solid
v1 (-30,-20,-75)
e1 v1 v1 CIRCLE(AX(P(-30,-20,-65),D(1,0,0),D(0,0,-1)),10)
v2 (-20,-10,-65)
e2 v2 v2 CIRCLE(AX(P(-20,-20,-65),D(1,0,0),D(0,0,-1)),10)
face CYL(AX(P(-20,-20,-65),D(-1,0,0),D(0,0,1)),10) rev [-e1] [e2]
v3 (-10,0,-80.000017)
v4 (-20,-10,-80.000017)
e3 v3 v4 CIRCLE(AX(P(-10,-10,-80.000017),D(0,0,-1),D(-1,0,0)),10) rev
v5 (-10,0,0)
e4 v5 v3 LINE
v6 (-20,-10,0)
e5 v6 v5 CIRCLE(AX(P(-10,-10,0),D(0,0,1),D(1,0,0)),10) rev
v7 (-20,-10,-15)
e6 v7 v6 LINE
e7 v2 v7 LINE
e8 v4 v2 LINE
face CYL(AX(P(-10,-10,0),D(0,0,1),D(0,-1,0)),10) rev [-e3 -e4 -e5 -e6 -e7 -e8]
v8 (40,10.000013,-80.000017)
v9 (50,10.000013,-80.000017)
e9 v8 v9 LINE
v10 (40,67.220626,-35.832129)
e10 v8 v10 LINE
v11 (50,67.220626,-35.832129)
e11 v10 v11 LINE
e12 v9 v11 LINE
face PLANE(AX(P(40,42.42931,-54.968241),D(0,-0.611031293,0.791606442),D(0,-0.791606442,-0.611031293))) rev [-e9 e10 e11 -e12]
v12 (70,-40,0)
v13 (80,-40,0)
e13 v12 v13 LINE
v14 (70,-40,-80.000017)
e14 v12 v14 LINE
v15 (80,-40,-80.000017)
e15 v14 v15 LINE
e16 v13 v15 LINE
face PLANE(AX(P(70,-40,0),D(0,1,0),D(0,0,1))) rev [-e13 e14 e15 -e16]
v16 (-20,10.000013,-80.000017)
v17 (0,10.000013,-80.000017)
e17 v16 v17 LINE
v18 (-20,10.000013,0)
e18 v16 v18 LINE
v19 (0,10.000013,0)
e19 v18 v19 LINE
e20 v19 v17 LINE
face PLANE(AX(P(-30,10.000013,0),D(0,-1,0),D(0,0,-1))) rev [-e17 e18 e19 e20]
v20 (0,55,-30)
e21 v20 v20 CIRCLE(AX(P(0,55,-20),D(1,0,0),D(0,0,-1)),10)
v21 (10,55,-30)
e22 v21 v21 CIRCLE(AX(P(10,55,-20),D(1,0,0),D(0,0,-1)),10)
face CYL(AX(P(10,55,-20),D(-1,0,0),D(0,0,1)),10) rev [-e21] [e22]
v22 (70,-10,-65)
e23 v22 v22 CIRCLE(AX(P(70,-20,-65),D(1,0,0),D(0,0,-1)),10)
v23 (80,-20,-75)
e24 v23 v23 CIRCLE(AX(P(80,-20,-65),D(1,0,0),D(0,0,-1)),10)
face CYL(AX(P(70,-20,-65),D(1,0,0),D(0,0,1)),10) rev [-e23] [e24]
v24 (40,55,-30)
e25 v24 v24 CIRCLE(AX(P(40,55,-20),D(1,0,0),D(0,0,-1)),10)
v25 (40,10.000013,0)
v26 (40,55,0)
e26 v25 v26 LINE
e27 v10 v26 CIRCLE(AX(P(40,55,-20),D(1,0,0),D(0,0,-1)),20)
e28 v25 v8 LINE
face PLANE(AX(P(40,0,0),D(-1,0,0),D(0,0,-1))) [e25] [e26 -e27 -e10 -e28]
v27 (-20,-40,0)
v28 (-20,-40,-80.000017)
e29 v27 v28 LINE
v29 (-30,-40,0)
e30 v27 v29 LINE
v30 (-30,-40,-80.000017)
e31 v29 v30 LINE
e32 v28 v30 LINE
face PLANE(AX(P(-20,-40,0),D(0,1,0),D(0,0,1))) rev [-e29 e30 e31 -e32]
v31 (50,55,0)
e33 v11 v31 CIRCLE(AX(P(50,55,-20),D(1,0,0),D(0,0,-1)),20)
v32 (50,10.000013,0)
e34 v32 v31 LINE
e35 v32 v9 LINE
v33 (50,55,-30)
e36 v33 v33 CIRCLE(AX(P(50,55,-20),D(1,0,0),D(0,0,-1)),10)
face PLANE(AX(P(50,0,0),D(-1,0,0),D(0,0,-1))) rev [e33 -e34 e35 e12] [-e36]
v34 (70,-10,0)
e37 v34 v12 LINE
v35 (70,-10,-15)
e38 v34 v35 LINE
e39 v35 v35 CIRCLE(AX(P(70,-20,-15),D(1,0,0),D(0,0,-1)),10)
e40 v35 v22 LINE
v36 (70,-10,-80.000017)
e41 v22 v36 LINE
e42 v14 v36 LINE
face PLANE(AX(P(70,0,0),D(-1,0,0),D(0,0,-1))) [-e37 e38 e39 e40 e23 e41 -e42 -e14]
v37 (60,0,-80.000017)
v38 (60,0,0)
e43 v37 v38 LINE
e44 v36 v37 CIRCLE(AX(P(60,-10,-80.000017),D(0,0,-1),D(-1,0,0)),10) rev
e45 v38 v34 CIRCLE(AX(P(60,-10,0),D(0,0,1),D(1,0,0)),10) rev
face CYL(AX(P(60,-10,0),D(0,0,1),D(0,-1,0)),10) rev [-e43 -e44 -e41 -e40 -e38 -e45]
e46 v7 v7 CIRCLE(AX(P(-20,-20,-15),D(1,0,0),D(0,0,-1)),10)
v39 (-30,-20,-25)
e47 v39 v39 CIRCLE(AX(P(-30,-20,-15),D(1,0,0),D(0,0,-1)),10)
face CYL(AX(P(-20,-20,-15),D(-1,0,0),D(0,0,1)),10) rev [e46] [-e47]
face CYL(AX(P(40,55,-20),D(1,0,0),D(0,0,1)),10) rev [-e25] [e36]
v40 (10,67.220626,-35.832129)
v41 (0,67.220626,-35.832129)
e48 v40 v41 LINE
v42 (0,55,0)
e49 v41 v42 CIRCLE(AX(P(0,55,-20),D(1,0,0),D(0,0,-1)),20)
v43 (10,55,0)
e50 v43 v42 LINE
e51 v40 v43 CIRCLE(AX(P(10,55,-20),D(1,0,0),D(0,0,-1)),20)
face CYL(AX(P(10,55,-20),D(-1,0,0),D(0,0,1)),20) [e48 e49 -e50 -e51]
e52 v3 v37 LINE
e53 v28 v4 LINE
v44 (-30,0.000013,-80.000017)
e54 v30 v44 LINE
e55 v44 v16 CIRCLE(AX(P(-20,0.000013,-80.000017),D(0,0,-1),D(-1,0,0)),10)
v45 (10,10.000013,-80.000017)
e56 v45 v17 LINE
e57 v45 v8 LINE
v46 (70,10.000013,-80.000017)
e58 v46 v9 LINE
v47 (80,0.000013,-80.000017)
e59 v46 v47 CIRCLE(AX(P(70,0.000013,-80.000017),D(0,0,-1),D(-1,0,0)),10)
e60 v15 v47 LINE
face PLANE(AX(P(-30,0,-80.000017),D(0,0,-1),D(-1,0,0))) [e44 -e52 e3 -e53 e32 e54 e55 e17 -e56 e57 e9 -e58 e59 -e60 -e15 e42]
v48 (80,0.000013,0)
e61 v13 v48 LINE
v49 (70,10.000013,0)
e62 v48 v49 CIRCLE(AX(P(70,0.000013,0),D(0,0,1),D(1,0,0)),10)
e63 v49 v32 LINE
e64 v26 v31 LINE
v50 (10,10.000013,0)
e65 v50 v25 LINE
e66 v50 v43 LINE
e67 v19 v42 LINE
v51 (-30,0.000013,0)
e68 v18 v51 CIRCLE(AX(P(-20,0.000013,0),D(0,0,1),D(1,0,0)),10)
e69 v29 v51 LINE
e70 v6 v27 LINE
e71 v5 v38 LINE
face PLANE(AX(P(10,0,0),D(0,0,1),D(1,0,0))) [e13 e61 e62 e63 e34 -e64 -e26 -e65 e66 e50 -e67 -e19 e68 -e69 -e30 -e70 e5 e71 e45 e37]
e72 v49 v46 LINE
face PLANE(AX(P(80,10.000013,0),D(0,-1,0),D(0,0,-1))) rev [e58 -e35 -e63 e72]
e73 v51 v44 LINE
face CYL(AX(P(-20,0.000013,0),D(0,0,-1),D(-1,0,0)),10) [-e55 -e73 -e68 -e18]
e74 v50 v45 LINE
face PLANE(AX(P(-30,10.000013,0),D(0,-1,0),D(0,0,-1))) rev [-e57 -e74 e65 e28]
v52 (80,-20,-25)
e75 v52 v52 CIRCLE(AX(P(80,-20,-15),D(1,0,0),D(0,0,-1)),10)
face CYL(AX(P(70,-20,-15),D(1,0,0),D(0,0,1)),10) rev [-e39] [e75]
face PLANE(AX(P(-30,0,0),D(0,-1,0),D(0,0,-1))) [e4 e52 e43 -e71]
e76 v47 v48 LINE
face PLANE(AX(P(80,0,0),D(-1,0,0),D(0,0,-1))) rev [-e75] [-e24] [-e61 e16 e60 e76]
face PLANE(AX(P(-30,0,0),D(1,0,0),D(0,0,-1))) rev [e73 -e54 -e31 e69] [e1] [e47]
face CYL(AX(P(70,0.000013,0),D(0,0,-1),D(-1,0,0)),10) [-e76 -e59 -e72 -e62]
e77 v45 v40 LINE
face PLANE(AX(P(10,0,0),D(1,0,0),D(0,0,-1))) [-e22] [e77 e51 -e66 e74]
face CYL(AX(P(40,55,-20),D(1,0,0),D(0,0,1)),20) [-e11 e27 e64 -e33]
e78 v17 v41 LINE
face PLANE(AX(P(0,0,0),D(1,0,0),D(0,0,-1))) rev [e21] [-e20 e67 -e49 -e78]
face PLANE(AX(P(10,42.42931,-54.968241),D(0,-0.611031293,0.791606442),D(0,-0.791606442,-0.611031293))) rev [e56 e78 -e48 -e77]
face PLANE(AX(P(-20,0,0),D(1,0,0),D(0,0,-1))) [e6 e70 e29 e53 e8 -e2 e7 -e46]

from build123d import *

# Parameters (mm, degrees)
SKETCH1_R                = 10
BOSS_EXTRUDE1_DEPTH      = 10
BOSS_EXTRUDE2_DEPTH      = 25
BOSS_EXTRUDE2_DEPTH_BACK = 30
SKETCH1_4_W              = 80.000017133
SKETCH1_4_H              = 10.000013225
BOSS_EXTRUDE3_START      = -30
SKETCH1_5_W              = 80.000017133
SKETCH1_5_H              = 40
SKETCH1_5_R              = 10
BOSS_EXTRUDE3_DEPTH      = 10
FILLET1_R                = 10


with BuildPart() as part:
    # Sketch1 → Boss-Extrude1 (new body)
    with BuildSketch(Plane(origin=(0, 0, 0), x_dir=(0, 0, -1), z_dir=(1, 0, 0))):
        with BuildLine():
            Line((0, 55), (0, 10.000013225))
            Line((0, 10.000013225), (80.000017133, 10.000013225))
            Line((80.000017133, 10.000013225), (35.832128843, 67.220625855))
            ThreePointArc((35.832128843, 67.220625855), (13.54409483, 73.929376335), (0, 55))
        make_face()
        with Locations((20, 55)):
            Circle(SKETCH1_R, mode=Mode.SUBTRACT)
    extrude(amount=BOSS_EXTRUDE1_DEPTH)

    # Sketch1<4> → Boss-Extrude2 (add, two sides: drawn at the far end of the back side and taken through both)
    with BuildSketch(Plane(origin=(0, 0, 0), x_dir=(0, 0, -1), z_dir=(1, 0, 0)).offset(-BOSS_EXTRUDE2_DEPTH_BACK)):
        with Locations((40.000008567, 5.000006613)):
            Rectangle(SKETCH1_4_W, SKETCH1_4_H)
    extrude(amount=BOSS_EXTRUDE2_DEPTH + BOSS_EXTRUDE2_DEPTH_BACK)

    # Sketch1<5> → Boss-Extrude3 (add)
    with BuildSketch(Plane(origin=(0, 0, 0), x_dir=(0, 0, -1), z_dir=(1, 0, 0)).offset(BOSS_EXTRUDE3_START)):
        with Locations((40.000008567, -20)):
            Rectangle(SKETCH1_5_W, SKETCH1_5_H)
        with Locations((15, -20)):
            Circle(SKETCH1_5_R, mode=Mode.SUBTRACT)
        with Locations((65, -20)):
            Circle(SKETCH1_5_R, mode=Mode.SUBTRACT)
    extrude(amount=BOSS_EXTRUDE3_DEPTH)

    # Mirror3: part across plane


with BuildPart() as part_1:
    add(part.part)
    add(part.part.mirror(Plane(origin=(25, 0, 0), x_dir=(0, 0, 1), z_dir=(1, 0, 0))))

    # Fillet1
    fillet1_edges = [part_1.edges().sort_by_distance(p)[0] for p in [
        (70, 0, -40.000008566),
        (-20, 0, -40.000008566),
        (80, 10.000013225, -40.000008566),
        (-30, 10.000013225, -40.000008566),
    ]]
    fillet(fillet1_edges, radius=FILLET1_R)


solid = part_1.part
